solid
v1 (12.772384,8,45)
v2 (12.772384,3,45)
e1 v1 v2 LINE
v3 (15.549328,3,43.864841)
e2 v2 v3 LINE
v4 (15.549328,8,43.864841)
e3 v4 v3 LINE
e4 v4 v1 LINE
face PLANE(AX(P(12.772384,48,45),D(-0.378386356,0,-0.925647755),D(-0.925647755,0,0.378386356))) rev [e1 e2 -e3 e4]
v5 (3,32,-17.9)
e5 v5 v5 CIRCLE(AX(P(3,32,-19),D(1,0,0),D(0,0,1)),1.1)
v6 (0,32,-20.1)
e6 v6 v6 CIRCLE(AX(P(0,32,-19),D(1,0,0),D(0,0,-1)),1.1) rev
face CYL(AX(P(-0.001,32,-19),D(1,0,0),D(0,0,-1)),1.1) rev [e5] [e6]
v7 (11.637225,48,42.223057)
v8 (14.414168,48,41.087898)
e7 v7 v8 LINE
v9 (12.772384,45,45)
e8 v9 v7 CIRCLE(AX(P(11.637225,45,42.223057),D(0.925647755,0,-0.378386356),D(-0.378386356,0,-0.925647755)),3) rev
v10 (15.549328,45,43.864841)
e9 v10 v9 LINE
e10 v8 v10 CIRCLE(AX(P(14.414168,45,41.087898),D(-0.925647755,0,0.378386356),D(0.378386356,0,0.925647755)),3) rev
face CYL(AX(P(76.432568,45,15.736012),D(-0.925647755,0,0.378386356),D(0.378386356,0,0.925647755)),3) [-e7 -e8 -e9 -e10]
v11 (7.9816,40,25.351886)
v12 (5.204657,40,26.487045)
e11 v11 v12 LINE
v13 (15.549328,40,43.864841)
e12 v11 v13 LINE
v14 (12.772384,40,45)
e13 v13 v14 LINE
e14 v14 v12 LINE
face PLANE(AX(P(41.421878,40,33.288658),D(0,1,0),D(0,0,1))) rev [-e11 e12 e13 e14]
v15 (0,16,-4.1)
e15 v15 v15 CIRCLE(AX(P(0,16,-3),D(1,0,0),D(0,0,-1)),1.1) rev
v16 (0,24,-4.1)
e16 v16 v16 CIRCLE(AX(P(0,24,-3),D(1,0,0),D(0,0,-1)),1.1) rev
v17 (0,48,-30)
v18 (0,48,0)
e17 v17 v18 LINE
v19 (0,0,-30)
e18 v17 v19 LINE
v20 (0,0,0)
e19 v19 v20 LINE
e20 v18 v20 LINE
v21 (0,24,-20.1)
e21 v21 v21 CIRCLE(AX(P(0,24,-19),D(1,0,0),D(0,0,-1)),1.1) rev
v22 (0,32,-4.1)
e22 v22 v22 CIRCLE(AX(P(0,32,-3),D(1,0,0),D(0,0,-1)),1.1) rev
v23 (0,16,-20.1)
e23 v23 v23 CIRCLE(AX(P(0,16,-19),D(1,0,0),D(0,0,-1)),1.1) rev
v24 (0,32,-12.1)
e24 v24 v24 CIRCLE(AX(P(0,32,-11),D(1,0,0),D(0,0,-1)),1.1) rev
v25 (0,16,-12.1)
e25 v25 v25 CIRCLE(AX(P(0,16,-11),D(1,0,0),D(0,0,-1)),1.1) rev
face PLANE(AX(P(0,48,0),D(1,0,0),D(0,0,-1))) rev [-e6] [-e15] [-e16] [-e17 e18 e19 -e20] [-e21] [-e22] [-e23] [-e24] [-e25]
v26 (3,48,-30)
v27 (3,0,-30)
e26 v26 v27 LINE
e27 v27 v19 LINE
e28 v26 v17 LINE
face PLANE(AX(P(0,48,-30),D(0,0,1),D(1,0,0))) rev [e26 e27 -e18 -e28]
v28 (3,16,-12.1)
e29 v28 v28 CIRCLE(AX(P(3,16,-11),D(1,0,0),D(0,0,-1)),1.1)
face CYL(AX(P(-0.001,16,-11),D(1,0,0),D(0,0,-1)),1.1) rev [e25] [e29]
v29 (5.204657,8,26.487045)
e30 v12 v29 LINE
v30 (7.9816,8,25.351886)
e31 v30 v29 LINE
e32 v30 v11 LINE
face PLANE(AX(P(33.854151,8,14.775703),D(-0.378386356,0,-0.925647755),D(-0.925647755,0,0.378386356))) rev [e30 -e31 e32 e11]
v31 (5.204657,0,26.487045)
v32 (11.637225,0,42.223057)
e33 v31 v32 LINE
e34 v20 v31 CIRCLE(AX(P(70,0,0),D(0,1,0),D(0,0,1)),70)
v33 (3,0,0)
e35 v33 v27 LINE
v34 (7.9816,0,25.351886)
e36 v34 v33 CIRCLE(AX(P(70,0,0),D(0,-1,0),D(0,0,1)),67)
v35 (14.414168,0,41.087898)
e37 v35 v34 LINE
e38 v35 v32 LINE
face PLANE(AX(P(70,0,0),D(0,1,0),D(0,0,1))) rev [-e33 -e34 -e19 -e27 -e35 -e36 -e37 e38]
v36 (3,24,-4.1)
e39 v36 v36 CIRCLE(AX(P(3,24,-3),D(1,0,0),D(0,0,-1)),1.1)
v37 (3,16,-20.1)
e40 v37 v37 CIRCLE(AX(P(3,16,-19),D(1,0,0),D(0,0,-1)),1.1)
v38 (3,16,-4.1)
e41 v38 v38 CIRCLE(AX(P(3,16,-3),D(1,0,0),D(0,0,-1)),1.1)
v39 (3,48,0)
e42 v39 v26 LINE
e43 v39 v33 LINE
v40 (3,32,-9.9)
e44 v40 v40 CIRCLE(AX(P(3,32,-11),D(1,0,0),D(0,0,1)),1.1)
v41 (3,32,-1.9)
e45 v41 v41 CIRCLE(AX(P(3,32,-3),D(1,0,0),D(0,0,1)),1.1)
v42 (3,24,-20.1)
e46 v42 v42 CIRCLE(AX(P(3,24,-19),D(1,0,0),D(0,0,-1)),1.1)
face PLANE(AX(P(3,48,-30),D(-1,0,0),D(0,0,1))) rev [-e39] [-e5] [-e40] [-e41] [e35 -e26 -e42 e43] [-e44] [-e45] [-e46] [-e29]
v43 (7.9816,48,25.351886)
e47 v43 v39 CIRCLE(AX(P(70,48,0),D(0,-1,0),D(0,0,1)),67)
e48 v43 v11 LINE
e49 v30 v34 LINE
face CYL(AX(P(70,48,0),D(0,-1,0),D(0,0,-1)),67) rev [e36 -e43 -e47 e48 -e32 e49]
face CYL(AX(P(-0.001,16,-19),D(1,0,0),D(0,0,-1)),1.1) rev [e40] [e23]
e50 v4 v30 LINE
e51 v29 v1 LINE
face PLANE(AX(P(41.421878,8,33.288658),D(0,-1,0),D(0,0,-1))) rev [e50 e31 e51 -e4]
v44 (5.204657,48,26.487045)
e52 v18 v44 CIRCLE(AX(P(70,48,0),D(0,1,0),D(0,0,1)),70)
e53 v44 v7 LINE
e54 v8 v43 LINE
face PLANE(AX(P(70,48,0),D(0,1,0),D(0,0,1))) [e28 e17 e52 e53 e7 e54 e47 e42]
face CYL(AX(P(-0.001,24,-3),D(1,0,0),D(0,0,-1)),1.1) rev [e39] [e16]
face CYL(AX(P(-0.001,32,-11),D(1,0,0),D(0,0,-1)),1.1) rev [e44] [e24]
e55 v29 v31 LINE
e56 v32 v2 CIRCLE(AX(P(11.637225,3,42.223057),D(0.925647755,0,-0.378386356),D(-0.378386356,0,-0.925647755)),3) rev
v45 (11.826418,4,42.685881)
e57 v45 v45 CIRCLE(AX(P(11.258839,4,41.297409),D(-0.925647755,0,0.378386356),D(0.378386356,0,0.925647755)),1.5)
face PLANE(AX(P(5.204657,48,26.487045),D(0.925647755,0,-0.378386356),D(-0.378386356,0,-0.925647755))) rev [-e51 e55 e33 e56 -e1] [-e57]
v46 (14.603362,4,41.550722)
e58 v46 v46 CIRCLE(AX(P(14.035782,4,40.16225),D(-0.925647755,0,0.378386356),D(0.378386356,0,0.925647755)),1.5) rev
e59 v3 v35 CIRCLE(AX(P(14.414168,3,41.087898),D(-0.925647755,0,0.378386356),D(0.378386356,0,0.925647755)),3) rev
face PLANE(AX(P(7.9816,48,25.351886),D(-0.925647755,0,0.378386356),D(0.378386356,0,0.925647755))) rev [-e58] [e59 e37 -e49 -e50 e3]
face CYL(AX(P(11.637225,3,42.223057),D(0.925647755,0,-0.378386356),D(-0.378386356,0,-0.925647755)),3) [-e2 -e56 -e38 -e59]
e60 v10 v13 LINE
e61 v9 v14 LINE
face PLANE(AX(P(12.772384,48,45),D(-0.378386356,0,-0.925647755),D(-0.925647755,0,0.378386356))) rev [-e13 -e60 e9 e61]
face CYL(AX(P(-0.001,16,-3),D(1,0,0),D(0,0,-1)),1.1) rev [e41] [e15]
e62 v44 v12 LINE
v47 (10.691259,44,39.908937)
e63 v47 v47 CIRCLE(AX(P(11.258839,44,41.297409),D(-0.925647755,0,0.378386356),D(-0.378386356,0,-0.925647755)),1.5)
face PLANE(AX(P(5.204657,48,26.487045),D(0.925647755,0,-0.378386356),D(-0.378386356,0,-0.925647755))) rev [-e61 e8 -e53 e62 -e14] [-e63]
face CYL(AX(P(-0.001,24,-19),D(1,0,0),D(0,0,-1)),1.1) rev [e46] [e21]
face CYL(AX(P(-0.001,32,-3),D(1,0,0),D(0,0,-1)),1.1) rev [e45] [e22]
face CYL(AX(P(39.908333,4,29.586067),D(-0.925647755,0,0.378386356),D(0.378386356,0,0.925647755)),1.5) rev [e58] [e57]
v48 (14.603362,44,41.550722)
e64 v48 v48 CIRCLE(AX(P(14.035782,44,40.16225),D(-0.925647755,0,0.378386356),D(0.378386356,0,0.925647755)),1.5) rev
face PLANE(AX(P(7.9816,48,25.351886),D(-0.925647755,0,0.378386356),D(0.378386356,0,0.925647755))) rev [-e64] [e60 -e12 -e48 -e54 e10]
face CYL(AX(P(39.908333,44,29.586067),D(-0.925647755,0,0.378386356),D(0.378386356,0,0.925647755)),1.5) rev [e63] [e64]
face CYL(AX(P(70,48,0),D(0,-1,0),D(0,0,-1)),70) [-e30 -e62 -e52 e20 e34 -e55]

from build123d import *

# Parameters (mm, degrees)
EXTRUSION1_DEPTH = 48
EXTRUSION3_REACH = 32.949
ESQUISSE2_R      = 1.5
ESQUISSE2_W      = 20
ESQUISSE2_H      = 32
CONG_1_R         = 3
EXTRUSION4_REACH = 5
ESQUISSE3_R      = 1.1


with BuildPart() as part:
    # Esquisse1 → Extrusion1 (new body)
    with BuildSketch(Plane(origin=(0, 0, 0), x_dir=(1, 0, 0), z_dir=(0, 1, 0))):
        with BuildLine():
            Line((0, 0), (0, 30))
            Line((0, 30), (3, 30))
            Line((3, 30), (3, 0))
            ThreePointArc((3, 0), (4.257195182, -12.918344113), (7.981600437, -25.351885839))
            Line((7.981600437, -25.351885839), (15.549327553, -43.864840933))
            Line((15.549327553, -43.864840933), (12.772384289, -45))
            Line((12.772384289, -45), (5.204657173, -26.487044906))
            ThreePointArc((5.204657173, -26.487044906), (1.313487503, -13.496777432), (0, 0))
        make_face()
    extrude(amount=EXTRUSION1_DEPTH)

    # Esquisse2 → Extrusion3 (cut, up to next)
    with BuildSketch(Plane(origin=(-4.817679226, 0, 1.969371261), x_dir=(0.378386356, 0, 0.925647755), z_dir=(-0.925647755, 0, 0.378386356)), mode=Mode.PRIVATE) as extrusion3_sk1:
        with Locations((42.487044906, 4)):
            Circle(ESQUISSE2_R)
    extrusion3_tool1 = extrude(extrusion3_sk1.sketch, amount=-EXTRUSION3_REACH, mode=Mode.PRIVATE) & part.part
    add(extrusion3_tool1.solids().sort_by_distance((11.258839, 4, 41.297409))[0], mode=Mode.SUBTRACT)
    # Esquisse2 → Extrusion3 (cut, up to next)
    with BuildSketch(Plane(origin=(-4.817679226, 0, 1.969371261), x_dir=(0.378386356, 0, 0.925647755), z_dir=(-0.925647755, 0, 0.378386356)), mode=Mode.PRIVATE) as extrusion3_sk2:
        with Locations((42.487044906, 44)):
            Circle(ESQUISSE2_R)
    extrusion3_tool2 = extrude(extrusion3_sk2.sketch, amount=-EXTRUSION3_REACH, mode=Mode.PRIVATE) & part.part
    add(extrusion3_tool2.solids().sort_by_distance((11.258839, 44, 41.297409))[0], mode=Mode.SUBTRACT)
    # Esquisse2 → Extrusion3 (cut, up to next)
    with BuildSketch(Plane(origin=(-4.817679226, 0, 1.969371261), x_dir=(0.378386356, 0, 0.925647755), z_dir=(-0.925647755, 0, 0.378386356)), mode=Mode.PRIVATE) as extrusion3_sk3:
        with Locations((36.487044906, 24)):
            Rectangle(ESQUISSE2_W, ESQUISSE2_H)
    extrusion3_tool3 = extrude(extrusion3_sk3.sketch, amount=-EXTRUSION3_REACH, mode=Mode.PRIVATE) & part.part
    add(extrusion3_tool3.solids().sort_by_distance((8.988521, 24, 35.743522))[0], mode=Mode.SUBTRACT)

    # Congé1
    cong_1_edges = [part.edges().sort_by_distance(p)[0] for p in [
        (14.160855921, 48, 44.432420466),
        (14.160855921, 0, 44.432420466),
    ]]
    fillet(cong_1_edges, radius=CONG_1_R)

    # Esquisse3 → Extrusion4 (cut, up to next)
    with BuildSketch(Plane(origin=(3, 0, 0), x_dir=(0, 0, -1), z_dir=(1, 0, 0)), mode=Mode.PRIVATE) as extrusion4_sk1:
        with Locations((3, 16)):
            Circle(ESQUISSE3_R)
    extrusion4_tool1 = extrude(extrusion4_sk1.sketch, amount=-EXTRUSION4_REACH, mode=Mode.PRIVATE) & part.part
    add(extrusion4_tool1.solids().sort_by_distance((3, 16, -3))[0], mode=Mode.SUBTRACT)
    # Esquisse3 → Extrusion4 (cut, up to next)
    with BuildSketch(Plane(origin=(3, 0, 0), x_dir=(0, 0, -1), z_dir=(1, 0, 0)), mode=Mode.PRIVATE) as extrusion4_sk2:
        with Locations((11, 16)):
            Circle(ESQUISSE3_R)
    extrusion4_tool2 = extrude(extrusion4_sk2.sketch, amount=-EXTRUSION4_REACH, mode=Mode.PRIVATE) & part.part
    add(extrusion4_tool2.solids().sort_by_distance((3, 16, -11))[0], mode=Mode.SUBTRACT)
    # Esquisse3 → Extrusion4 (cut, up to next)
    with BuildSketch(Plane(origin=(3, 0, 0), x_dir=(0, 0, -1), z_dir=(1, 0, 0)), mode=Mode.PRIVATE) as extrusion4_sk3:
        with Locations((19, 16)):
            Circle(ESQUISSE3_R)
    extrusion4_tool3 = extrude(extrusion4_sk3.sketch, amount=-EXTRUSION4_REACH, mode=Mode.PRIVATE) & part.part
    add(extrusion4_tool3.solids().sort_by_distance((3, 16, -19))[0], mode=Mode.SUBTRACT)
    # Esquisse3 → Extrusion4 (cut, up to next)
    with BuildSketch(Plane(origin=(3, 0, 0), x_dir=(0, 0, -1), z_dir=(1, 0, 0)), mode=Mode.PRIVATE) as extrusion4_sk4:
        with Locations((3, 24)):
            Circle(ESQUISSE3_R)
    extrusion4_tool4 = extrude(extrusion4_sk4.sketch, amount=-EXTRUSION4_REACH, mode=Mode.PRIVATE) & part.part
    add(extrusion4_tool4.solids().sort_by_distance((3, 24, -3))[0], mode=Mode.SUBTRACT)
    # Esquisse3 → Extrusion4 (cut, up to next)
    with BuildSketch(Plane(origin=(3, 0, 0), x_dir=(0, 0, -1), z_dir=(1, 0, 0)), mode=Mode.PRIVATE) as extrusion4_sk5:
        with Locations((19, 24)):
            Circle(ESQUISSE3_R)
    extrusion4_tool5 = extrude(extrusion4_sk5.sketch, amount=-EXTRUSION4_REACH, mode=Mode.PRIVATE) & part.part
    add(extrusion4_tool5.solids().sort_by_distance((3, 24, -19))[0], mode=Mode.SUBTRACT)
    # Esquisse3 → Extrusion4 (cut, up to next)
    with BuildSketch(Plane(origin=(3, 0, 0), x_dir=(0, 0, -1), z_dir=(1, 0, 0)), mode=Mode.PRIVATE) as extrusion4_sk6:
        with Locations((19, 32)):
            Circle(ESQUISSE3_R)
    extrusion4_tool6 = extrude(extrusion4_sk6.sketch, amount=-EXTRUSION4_REACH, mode=Mode.PRIVATE) & part.part
    add(extrusion4_tool6.solids().sort_by_distance((3, 32, -19))[0], mode=Mode.SUBTRACT)
    # Esquisse3 → Extrusion4 (cut, up to next)
    with BuildSketch(Plane(origin=(3, 0, 0), x_dir=(0, 0, -1), z_dir=(1, 0, 0)), mode=Mode.PRIVATE) as extrusion4_sk7:
        with Locations((11, 32)):
            Circle(ESQUISSE3_R)
    extrusion4_tool7 = extrude(extrusion4_sk7.sketch, amount=-EXTRUSION4_REACH, mode=Mode.PRIVATE) & part.part
    add(extrusion4_tool7.solids().sort_by_distance((3, 32, -11))[0], mode=Mode.SUBTRACT)
    # Esquisse3 → Extrusion4 (cut, up to next)
    with BuildSketch(Plane(origin=(3, 0, 0), x_dir=(0, 0, -1), z_dir=(1, 0, 0)), mode=Mode.PRIVATE) as extrusion4_sk8:
        with Locations((3, 32)):
            Circle(ESQUISSE3_R)
    extrusion4_tool8 = extrude(extrusion4_sk8.sketch, amount=-EXTRUSION4_REACH, mode=Mode.PRIVATE) & part.part
    add(extrusion4_tool8.solids().sort_by_distance((3, 32, -3))[0], mode=Mode.SUBTRACT)


solid = part.part
